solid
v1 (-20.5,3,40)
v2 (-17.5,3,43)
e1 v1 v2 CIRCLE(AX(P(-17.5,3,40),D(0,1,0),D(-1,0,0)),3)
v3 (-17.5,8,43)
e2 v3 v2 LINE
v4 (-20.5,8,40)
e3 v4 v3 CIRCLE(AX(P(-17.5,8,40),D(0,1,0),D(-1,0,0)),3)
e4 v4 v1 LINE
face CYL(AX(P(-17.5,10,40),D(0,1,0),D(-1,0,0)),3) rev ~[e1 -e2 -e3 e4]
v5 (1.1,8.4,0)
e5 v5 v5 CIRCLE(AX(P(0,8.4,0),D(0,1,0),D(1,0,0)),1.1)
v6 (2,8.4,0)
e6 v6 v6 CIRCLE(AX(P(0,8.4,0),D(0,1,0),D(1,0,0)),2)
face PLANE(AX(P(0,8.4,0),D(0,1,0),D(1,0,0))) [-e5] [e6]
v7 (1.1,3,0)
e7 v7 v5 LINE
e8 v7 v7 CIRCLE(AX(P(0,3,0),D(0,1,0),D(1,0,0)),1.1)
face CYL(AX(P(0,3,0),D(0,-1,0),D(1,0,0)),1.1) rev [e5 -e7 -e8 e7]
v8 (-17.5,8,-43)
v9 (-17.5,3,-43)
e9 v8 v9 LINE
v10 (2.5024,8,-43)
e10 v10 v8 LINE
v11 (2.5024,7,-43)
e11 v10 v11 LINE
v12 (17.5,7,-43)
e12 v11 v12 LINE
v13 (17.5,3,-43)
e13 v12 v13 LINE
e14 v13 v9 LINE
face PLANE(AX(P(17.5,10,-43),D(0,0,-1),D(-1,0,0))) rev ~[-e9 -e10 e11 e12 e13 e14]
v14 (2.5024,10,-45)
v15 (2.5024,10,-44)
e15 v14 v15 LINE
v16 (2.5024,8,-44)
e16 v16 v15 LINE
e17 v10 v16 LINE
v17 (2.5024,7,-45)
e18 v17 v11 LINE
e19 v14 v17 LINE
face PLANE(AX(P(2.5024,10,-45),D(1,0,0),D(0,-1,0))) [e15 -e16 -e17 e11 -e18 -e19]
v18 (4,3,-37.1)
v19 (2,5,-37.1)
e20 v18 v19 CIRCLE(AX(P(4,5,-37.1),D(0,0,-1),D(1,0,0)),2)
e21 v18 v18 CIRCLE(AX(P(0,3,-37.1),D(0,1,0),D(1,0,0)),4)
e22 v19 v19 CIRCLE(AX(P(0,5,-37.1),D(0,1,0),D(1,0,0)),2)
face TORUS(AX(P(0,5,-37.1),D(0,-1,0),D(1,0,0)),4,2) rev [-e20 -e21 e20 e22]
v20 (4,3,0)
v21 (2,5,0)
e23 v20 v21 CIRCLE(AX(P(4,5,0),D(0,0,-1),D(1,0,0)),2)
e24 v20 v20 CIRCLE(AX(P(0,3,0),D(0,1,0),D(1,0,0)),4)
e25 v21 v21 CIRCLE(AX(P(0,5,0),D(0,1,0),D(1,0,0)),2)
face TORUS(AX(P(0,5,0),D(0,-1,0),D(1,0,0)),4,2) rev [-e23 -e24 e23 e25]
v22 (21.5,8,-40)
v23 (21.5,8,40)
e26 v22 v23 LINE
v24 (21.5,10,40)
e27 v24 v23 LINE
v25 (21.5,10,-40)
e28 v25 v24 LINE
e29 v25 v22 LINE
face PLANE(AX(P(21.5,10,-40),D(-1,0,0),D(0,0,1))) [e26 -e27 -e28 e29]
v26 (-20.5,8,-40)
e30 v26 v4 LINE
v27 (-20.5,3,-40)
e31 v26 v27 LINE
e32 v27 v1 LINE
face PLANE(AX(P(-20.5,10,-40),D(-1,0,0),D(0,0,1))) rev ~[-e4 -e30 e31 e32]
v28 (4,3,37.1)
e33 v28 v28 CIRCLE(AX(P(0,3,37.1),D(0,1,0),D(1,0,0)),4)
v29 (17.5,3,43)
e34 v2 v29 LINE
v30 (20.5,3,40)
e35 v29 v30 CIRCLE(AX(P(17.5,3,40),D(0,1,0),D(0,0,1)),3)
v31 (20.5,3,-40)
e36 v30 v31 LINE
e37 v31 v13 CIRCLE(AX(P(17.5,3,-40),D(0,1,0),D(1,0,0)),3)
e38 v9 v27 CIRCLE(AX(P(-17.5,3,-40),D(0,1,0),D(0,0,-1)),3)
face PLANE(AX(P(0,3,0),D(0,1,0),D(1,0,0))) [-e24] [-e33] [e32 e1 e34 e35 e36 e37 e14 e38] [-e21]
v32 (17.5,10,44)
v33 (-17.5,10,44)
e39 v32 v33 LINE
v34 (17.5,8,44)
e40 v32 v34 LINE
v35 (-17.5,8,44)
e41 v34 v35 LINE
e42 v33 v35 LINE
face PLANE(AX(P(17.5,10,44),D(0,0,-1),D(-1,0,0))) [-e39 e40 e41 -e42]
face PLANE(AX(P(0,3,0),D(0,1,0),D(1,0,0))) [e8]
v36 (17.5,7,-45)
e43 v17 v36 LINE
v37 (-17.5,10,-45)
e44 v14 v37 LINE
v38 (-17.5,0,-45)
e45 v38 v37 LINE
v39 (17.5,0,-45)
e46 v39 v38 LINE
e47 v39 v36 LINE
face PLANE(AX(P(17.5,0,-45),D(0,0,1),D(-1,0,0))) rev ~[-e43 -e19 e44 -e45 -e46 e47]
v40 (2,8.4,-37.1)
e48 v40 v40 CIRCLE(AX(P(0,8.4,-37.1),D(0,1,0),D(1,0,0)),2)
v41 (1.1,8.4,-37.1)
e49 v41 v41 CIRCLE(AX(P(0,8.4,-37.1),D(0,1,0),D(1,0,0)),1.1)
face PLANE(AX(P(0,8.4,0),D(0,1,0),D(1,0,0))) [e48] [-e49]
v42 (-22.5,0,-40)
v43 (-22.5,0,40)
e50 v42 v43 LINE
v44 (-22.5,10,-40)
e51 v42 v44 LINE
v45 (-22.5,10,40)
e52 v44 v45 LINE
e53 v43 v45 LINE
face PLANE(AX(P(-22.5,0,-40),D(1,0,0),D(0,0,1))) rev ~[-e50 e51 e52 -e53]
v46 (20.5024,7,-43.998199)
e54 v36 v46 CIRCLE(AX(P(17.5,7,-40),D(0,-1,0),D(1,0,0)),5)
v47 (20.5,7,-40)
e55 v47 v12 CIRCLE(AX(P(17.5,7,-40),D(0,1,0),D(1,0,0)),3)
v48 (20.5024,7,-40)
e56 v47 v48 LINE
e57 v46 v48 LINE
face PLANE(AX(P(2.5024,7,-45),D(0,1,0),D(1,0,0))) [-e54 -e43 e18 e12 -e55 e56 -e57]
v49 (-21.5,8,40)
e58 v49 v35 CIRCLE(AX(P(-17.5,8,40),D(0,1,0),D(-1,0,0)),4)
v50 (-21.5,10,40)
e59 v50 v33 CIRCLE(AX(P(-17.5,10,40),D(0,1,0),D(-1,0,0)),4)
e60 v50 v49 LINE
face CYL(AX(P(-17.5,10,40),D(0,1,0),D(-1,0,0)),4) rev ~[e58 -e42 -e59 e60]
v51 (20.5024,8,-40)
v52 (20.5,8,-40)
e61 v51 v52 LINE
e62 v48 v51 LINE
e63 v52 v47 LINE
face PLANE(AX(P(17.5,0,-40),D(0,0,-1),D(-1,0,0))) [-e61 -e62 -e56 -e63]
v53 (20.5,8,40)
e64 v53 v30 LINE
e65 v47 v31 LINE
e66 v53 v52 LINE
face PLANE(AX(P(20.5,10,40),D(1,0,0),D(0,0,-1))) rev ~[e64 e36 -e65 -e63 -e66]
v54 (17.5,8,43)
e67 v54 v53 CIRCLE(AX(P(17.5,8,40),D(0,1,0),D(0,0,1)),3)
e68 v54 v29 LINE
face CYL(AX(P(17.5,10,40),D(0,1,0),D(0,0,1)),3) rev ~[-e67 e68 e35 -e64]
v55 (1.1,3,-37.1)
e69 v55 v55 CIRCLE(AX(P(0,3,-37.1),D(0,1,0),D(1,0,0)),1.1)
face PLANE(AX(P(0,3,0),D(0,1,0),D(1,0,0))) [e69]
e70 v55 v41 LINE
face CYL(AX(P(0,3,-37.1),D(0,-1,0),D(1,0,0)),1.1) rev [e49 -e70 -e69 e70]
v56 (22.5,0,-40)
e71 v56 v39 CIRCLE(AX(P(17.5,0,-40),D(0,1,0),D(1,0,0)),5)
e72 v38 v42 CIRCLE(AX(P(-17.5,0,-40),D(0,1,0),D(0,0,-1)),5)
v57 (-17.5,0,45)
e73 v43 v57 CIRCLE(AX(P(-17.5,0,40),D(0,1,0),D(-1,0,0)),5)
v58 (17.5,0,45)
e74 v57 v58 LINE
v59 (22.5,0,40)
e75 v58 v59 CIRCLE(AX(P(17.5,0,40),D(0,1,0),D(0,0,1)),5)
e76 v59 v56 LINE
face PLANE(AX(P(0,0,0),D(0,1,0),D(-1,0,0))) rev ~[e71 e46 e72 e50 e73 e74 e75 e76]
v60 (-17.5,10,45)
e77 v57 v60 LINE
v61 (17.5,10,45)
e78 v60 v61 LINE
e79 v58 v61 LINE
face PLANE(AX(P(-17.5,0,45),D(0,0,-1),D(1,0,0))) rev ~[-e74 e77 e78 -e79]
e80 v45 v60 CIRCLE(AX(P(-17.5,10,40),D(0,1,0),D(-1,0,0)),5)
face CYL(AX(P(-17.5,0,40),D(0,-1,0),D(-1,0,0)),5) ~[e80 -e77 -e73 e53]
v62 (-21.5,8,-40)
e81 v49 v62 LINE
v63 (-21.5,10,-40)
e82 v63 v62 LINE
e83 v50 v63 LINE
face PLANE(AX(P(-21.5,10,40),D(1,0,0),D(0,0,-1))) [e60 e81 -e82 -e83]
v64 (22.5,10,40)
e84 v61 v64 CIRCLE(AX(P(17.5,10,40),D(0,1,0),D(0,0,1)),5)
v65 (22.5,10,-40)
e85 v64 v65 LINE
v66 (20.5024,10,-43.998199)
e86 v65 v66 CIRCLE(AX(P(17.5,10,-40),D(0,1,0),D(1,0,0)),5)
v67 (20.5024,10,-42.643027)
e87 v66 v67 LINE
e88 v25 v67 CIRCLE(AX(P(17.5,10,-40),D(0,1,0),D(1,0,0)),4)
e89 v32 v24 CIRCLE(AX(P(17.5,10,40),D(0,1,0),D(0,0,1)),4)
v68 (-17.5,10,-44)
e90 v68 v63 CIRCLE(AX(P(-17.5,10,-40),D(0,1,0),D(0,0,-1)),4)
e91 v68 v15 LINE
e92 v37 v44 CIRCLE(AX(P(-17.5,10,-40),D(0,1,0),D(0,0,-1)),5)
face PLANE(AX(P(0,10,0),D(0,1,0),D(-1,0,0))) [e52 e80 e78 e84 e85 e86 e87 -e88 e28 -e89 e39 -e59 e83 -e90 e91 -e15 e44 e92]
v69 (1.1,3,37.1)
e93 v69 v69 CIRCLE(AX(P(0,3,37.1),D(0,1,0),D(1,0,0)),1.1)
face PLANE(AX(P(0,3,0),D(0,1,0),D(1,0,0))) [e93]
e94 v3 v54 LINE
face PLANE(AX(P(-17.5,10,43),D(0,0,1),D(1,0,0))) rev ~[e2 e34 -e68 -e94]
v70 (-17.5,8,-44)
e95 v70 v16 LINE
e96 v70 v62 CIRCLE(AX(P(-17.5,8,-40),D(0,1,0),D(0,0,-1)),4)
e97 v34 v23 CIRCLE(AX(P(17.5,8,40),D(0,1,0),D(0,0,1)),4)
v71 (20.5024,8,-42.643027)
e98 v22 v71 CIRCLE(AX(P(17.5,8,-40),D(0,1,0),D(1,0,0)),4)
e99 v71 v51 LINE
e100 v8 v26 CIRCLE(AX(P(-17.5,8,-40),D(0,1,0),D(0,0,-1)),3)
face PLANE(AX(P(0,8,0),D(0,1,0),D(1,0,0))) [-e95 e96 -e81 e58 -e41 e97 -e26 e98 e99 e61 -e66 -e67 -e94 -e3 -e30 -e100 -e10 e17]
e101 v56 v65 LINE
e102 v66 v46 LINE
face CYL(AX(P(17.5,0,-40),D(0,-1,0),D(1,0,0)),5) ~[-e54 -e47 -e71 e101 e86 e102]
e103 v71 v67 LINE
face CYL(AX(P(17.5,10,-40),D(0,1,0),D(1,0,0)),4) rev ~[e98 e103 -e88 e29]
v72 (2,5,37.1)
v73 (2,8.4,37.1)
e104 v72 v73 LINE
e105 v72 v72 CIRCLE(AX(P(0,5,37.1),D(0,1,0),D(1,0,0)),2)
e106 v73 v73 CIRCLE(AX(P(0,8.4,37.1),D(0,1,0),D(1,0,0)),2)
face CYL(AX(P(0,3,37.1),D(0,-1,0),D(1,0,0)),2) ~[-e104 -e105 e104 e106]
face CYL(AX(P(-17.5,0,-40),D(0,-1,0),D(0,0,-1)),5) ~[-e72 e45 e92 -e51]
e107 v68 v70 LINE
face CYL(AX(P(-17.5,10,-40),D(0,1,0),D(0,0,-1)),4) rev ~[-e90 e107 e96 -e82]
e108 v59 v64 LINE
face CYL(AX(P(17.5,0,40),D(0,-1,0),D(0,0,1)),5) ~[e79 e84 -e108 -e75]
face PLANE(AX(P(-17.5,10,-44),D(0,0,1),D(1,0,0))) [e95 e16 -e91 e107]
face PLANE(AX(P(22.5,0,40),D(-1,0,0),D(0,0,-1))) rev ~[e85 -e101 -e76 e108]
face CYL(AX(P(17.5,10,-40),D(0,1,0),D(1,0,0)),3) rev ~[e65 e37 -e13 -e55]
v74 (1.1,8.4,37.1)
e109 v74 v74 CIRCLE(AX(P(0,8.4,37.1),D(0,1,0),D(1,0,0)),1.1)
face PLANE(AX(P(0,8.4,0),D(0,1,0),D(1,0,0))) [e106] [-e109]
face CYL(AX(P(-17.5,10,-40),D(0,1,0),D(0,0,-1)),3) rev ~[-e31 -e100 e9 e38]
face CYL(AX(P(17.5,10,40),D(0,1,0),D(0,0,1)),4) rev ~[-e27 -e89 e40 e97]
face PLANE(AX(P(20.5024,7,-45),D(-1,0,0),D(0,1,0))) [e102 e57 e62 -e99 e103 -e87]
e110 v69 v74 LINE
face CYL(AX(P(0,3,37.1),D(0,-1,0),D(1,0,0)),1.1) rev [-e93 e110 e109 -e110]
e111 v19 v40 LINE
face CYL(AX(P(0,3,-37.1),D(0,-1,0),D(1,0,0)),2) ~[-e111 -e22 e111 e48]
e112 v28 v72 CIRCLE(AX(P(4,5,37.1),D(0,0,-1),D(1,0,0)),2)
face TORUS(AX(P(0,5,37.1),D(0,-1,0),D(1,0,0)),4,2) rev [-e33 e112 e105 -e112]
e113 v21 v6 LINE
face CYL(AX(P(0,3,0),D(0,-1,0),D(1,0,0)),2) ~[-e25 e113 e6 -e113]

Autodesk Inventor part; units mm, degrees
ref_plane "YZ Plane" through (0, 0, 0) normal (1, 0, 0) x (0, 1, 0)
ref_plane "XZ Plane" through (0, 0, 0) normal (0, 1, 0) x (-1, 0, 0)
ref_plane "XY Plane" through (0, 0, 0) normal (0, 0, 1) x (1, 0, 0)
sketch "Boceto1" plane through (0, 0, 0) normal (0, 1, 0) x (-1, 0, 0)
  line L0 (17.5, 45) -> (-17.5, 45)
  line L1 (-22.5, 40) -> (-22.5, -40)
  line L2 (-17.5, -45) -> (17.5, -45)
  line L3 (22.5, -40) -> (22.5, 40)
  line L4 (22.5, 45) -> (-22.5, -45) construction
  line L5 (-22.5, 45) -> (22.5, -45) construction
  arc A0 (22.5, 40) -> (17.5, 45) centre (17.5, 40) ccw
  arc A1 (-17.5, 45) -> (-22.5, 40) centre (-17.5, 40) ccw
  arc A2 (-22.5, -40) -> (-17.5, -45) centre (-17.5, -40) ccw
  arc A3 (17.5, -45) -> (22.5, -40) centre (17.5, -40) ccw
  point P0 (0, 0)
  dimension "d0" = 45
  dimension "d1" = 90
  dimension "d2" = 5
extrude "Extrusión1" add sketch "Boceto1" along normal blind 10
sketch "Boceto2" plane through (0, 10, 0) normal (0, 1, 0) x (1, 0, 0)
  arc A0 (17.5, -45) -> (22.5, -40) centre (17.5, -40) ccw projected
  line L0 (22.5, -40) -> (22.5, 40) projected
  arc A1 (22.5, 40) -> (17.5, 45) centre (17.5, 40) ccw projected
  line L1 (17.5, 45) -> (-17.5, 45) projected
  arc A2 (-17.5, 45) -> (-22.5, 40) centre (-17.5, 40) ccw projected
  line L2 (-22.5, 40) -> (-22.5, -40) projected
  arc A3 (-22.5, -40) -> (-17.5, -45) centre (-17.5, -40) ccw projected
  line L3 (-17.5, -45) -> (17.5, -45) projected
  arc A4 (-21.5, -40) -> (-17.5, -44) centre (-17.5, -40) ccw
  line L4 (-21.5, -40) -> (-21.5, 40)
  arc A5 (-17.5, 44) -> (-21.5, 40) centre (-17.5, 40) ccw
  line L5 (-17.5, 44) -> (17.5, 44)
  arc A6 (21.5, 40) -> (17.5, 44) centre (17.5, 40) ccw
  line L6 (21.5, 40) -> (21.5, -40)
  arc A7 (17.5, -44) -> (21.5, -40) centre (17.5, -40) ccw
  line L7 (17.5, -44) -> (-17.5, -44)
  line L8 (-20.5, 40) -> (-20.5, -40)
  arc A8 (-20.5, -40) -> (-17.5, -43) centre (-17.5, -40) ccw
  line L9 (-17.5, -43) -> (17.5, -43)
  arc A9 (17.5, -43) -> (20.5, -40) centre (17.5, -40) ccw
  line L10 (20.5, -40) -> (20.5, 40)
  arc A10 (20.5, 40) -> (17.5, 43) centre (17.5, 40) ccw
  line L11 (17.5, 43) -> (-17.5, 43)
  arc A11 (-17.5, 43) -> (-20.5, 40) centre (-17.5, 40) ccw
  point P0 (0, 0)
  dimension "d5" = 1
  dimension "d6" = 1
extrude "Extrusión2" cut sketch "Boceto2" against normal blind 2 contours L4 A5 L5 A6 L6 A7 L7 A4
sketch "Boceto3" plane through (0, 10, 0) normal (0, 1, 0) x (1, 0, 0)
  line L0 (17.5, 43) -> (-17.5, 43) projected
  arc A0 (-17.5, 43) -> (-20.5, 40) centre (-17.5, 40) ccw projected
  line L1 (-20.5, 40) -> (-20.5, -40) projected
  arc A1 (-20.5, -40) -> (-17.5, -43) centre (-17.5, -40) ccw projected
  line L2 (-17.5, -43) -> (17.5, -43) projected
  arc A2 (17.5, -43) -> (20.5, -40) centre (17.5, -40) ccw projected
  line L3 (20.5, -40) -> (20.5, 40) projected
  arc A3 (20.5, 40) -> (17.5, 43) centre (17.5, 40) ccw projected
  point P0 (0, 0)
extrude "Extrusión3" cut sketch "Boceto3" against normal blind 7
sketch "Boceto4" plane through (0, 3, 0) normal (0, 1, 0) x (1, 0, 0)
  circle A0 centre (0, 0) radius 2
  circle A1 centre (0, 0) radius 1.1
  dimension "d11" = 4
  dimension "d12" = 2.2
extrude "Extrusión4" add sketch "Boceto4" along normal blind 5.4
fillet "Empalme1" radius 2 1 edges at (-2, 3, 0)
sketch "Boceto5" plane through (0, 3, 0) normal (0, 1, 0) x (1, 0, 0)
  line L0 (17.5, -43) -> (-17.5, -43) construction
  line L1 (0, -43) -> (0, -37.1) construction
  line L2 (-17.5, 43) -> (17.5, 43) construction
  line L3 (0, 43) -> (0, 37.1) construction
  circle A0 centre (0, -37.1) radius 2
  circle A1 centre (0, -37.1) radius 1.1
  circle A2 centre (0, 37.1) radius 2
  circle A3 centre (0, 37.1) radius 1.1
  point P0 (0, 0)
  dimension "d16" = 5.9
  dimension "d17" = 5.9
  dimension "d18" = 4
  dimension "d19" = 2.2
  dimension "d20" = 4
  dimension "d21" = 2.2
extrude "Extrusión5" add sketch "Boceto5" along normal blind 5.4
fillet "Empalme2" radius 2 2 edges at (-2, 3, 37.1) (-2, 3, -37.1)
sketch "Sketch10" plane through (17.5, 0, -45) normal (0, 0, -1) x (-1, 0, 0)
  line L0 (-3.0024, 10) -> (14.9976, 10)
  line L1 (14.9976, 10) -> (14.9976, 7)
  line L2 (14.9976, 7) -> (-3.0024, 7)
  line L3 (-3.0024, 7) -> (-3.0024, 10)
  point P0 (17.5, 0)
  dimension "d37" = 18
  dimension "d38" = 3
extrude "Extrusion10" cut sketch "Sketch10" against normal blind 5
properties part number "Pieza_baja"
